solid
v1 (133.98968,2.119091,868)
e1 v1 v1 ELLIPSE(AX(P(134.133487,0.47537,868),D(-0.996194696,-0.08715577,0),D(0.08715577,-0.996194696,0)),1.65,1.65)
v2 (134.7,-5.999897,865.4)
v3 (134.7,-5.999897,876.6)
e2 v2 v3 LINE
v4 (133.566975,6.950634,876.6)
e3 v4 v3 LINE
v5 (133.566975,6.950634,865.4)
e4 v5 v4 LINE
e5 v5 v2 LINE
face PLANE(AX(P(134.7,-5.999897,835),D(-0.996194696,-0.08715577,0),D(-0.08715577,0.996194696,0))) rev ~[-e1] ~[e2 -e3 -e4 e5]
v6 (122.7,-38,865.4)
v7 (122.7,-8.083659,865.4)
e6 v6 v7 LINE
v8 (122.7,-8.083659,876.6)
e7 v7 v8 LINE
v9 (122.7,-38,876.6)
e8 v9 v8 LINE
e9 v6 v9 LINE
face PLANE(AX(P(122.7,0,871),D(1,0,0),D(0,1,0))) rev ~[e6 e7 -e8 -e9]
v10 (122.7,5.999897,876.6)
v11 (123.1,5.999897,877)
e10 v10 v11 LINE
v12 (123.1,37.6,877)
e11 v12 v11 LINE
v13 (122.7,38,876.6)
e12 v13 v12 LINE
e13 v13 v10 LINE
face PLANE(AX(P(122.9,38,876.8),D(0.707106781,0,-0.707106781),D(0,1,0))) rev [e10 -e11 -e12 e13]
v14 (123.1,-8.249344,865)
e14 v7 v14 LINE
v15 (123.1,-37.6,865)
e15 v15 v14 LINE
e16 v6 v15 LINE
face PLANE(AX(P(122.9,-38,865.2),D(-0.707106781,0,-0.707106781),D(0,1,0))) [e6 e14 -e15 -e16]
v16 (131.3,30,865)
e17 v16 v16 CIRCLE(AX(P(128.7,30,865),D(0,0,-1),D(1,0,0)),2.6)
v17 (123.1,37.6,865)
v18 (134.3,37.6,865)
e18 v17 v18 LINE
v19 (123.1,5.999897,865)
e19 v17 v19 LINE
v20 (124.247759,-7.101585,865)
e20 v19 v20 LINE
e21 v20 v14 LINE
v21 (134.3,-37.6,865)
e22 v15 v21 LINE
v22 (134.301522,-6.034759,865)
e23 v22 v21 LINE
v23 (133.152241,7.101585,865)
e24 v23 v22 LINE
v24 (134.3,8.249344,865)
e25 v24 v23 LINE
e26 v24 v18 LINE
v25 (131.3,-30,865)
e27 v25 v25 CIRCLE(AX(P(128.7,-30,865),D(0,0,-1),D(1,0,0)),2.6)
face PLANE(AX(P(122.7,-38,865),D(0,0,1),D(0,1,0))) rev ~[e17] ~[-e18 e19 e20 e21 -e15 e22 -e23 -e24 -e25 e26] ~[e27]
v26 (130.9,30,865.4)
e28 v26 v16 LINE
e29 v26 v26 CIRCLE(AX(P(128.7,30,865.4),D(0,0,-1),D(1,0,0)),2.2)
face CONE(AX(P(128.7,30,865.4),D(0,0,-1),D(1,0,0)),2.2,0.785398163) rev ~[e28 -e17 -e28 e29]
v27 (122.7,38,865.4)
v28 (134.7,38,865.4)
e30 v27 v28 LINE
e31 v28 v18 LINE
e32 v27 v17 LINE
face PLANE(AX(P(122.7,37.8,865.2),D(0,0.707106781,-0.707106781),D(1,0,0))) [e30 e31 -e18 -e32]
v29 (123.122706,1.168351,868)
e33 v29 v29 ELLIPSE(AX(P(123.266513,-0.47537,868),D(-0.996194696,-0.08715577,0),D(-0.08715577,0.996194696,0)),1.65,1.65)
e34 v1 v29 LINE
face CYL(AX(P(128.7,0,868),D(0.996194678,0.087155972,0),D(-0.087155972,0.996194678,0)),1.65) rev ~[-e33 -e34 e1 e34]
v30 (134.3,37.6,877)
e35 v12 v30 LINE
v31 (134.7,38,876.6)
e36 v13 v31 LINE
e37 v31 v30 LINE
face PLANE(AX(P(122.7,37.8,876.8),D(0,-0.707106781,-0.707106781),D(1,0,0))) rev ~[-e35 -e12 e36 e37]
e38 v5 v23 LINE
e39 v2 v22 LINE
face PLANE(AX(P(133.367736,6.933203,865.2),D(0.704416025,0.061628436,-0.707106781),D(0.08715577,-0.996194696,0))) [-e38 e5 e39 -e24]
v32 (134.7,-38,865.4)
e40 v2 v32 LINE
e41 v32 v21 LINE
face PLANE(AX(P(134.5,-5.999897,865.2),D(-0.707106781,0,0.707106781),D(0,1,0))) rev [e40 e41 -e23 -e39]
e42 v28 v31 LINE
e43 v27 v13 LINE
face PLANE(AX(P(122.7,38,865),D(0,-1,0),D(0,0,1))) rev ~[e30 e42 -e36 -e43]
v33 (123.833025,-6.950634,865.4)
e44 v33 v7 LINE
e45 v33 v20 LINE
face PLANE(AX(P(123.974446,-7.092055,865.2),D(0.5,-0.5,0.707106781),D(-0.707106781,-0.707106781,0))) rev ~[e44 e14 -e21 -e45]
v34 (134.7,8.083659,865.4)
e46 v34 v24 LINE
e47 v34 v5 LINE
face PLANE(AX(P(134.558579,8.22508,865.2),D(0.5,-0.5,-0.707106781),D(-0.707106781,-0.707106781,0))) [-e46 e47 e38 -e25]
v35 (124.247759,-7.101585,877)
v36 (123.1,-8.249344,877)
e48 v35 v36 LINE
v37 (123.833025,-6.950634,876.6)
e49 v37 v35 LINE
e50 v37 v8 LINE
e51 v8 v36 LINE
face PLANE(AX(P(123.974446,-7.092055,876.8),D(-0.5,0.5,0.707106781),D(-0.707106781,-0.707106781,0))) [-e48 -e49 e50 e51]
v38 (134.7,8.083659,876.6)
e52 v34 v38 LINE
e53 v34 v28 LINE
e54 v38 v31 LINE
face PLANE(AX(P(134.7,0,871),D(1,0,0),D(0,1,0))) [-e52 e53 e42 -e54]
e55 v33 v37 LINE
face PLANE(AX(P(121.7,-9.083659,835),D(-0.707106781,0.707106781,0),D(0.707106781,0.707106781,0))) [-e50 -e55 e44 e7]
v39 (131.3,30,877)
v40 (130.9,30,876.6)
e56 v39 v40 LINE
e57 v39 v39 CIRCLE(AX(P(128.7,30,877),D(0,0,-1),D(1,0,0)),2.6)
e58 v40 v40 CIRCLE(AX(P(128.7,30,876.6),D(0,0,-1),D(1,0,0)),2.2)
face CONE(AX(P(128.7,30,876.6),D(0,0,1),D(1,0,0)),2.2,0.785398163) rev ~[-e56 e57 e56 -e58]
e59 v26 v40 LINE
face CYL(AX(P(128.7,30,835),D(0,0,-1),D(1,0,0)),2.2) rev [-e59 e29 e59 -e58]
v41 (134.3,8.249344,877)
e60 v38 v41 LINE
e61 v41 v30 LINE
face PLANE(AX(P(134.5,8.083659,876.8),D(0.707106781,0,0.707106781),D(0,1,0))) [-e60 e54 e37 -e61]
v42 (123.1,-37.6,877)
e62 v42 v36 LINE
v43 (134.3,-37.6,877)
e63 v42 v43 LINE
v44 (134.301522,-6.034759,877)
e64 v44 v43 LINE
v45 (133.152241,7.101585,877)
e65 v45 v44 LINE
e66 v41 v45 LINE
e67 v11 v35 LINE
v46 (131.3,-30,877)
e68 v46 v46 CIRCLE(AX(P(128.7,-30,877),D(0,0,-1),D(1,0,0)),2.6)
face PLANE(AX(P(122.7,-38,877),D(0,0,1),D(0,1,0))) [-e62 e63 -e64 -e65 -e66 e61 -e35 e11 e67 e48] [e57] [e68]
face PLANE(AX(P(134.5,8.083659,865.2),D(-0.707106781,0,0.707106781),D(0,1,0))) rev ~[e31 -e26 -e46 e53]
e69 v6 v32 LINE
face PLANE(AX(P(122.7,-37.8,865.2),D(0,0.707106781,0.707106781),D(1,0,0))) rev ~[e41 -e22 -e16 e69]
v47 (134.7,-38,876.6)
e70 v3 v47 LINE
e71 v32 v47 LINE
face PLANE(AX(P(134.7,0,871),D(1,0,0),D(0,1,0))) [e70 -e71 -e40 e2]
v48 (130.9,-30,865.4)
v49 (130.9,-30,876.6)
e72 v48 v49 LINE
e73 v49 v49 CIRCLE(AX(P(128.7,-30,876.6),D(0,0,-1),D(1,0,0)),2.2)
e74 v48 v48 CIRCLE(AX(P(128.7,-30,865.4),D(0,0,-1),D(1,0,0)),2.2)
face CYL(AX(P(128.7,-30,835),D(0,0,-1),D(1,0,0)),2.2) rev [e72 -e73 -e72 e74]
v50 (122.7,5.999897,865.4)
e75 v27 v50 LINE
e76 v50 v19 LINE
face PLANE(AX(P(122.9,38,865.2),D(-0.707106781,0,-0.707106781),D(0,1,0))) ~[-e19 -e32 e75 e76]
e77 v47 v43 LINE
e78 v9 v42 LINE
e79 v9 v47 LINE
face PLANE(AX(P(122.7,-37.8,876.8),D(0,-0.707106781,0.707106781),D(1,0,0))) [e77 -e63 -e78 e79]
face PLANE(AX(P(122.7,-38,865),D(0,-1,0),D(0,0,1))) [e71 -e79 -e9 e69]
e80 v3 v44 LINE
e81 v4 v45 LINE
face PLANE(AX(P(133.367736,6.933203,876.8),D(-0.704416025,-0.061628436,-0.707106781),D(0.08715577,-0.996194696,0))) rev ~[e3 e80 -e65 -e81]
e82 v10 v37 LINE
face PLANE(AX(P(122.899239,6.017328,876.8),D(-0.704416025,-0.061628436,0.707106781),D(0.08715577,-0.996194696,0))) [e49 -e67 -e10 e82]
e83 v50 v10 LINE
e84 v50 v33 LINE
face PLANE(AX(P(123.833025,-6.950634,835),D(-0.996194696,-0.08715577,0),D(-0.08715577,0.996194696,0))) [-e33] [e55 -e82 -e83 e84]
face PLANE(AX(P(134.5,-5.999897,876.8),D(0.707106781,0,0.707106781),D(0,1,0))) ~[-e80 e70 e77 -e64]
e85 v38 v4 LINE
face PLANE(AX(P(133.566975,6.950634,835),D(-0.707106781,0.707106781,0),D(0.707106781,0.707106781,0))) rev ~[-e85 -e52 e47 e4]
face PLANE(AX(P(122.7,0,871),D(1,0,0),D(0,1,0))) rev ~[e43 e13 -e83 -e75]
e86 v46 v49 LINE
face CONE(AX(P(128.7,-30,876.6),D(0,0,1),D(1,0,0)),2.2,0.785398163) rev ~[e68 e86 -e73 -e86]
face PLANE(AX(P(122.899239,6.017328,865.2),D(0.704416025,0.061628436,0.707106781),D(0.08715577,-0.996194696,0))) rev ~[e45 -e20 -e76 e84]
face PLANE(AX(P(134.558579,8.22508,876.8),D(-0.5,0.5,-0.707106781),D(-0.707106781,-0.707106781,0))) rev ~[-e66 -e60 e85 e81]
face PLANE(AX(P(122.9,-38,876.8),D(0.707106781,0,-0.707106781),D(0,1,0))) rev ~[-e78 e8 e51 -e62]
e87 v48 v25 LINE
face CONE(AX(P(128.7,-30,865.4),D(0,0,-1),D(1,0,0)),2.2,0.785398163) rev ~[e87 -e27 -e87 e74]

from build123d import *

# Parameters (mm, degrees)
SKETCH023_W          = 76
SKETCH023_H          = 12
PAD007_DEPTH         = 12
SKETCH065_R          = 2.2
POCKET021_DEPTH      = 0.001
POCKET021_DEPTH_BACK = 42.001
SKETCH025_R          = 1.65
POCKET022_DEPTH      = 9.290086
POCKET022_DEPTH_BACK = 9.290086
CHAMFER004_SIZE      = 0.4


with BuildPart() as part:
    # Sketch023 → Pad007 (new body)
    with BuildSketch(Plane.YZ):
        with Locations((0, 36)):
            Rectangle(SKETCH023_W, SKETCH023_H)
    extrude(amount=PAD007_DEPTH)

    # Sketch065 → Pocket021 (cut, two sides)
    with BuildSketch(Plane.XY) as pocket021_sk:
        with Locations((6, 30)):
            Circle(SKETCH065_R)
        with Locations((6, -30)):
            Circle(SKETCH065_R)
        Polygon((10.866975, 6.950634), (13, 9.083659), (13, -5.999897), (12, -5.999897), align=None)
        Polygon((0, 5.999897), (-1, 5.999897), (-1, -9.083659), (1.133025, -6.950634), align=None)
    extrude(amount=-POCKET021_DEPTH, mode=Mode.SUBTRACT)
    extrude(pocket021_sk.sketch, amount=POCKET021_DEPTH_BACK, mode=Mode.SUBTRACT)

    # Sketch025 (on DatumPlane) → Pocket022 (cut, two sides)
    with BuildSketch(Plane(origin=(6, 0, 0), x_dir=(-0.087156, 0.996195, 0), z_dir=(0.996195, 0.087156, 0))) as pocket022_sk:
        with Locations((0, 33)):
            Circle(SKETCH025_R)
    extrude(amount=-POCKET022_DEPTH, mode=Mode.SUBTRACT)
    extrude(pocket022_sk.sketch, amount=POCKET022_DEPTH_BACK, mode=Mode.SUBTRACT)

    # Chamfer004
    chamfer004_edges = [part.edges().sort_by_distance(p)[0] for p in [
        (0, -23.041829, 42),
        (0.566512, -7.517146, 42),
        (0.566512, -0.475369, 42),
        (0, 21.999948, 42),
        (6, 38, 42),
        (12, 23.041829, 42),
        (11.433488, 7.517146, 42),
        (11.433488, 0.475369, 42),
        (12, -21.999948, 42),
        (6, -38, 42),
        (3.8, -30, 42),
        (3.8, 30, 42),
        (0, -23.041829, 30),
        (0.566512, -7.517146, 30),
        (0.566512, -0.475369, 30),
        (0, 21.999948, 30),
        (6, 38, 30),
        (12, 23.041829, 30),
        (11.433488, 7.517146, 30),
        (11.433488, 0.475369, 30),
        (12, -21.999948, 30),
        (6, -38, 30),
        (3.8, -30, 30),
        (3.8, 30, 30),
    ]]
    chamfer(chamfer004_edges, length=CHAMFER004_SIZE)


with BuildPart() as part_1:
    # Body008 placement: moved
    add(part.part.moved(Location((122.7, 0, 835))))


solid = part_1.part
